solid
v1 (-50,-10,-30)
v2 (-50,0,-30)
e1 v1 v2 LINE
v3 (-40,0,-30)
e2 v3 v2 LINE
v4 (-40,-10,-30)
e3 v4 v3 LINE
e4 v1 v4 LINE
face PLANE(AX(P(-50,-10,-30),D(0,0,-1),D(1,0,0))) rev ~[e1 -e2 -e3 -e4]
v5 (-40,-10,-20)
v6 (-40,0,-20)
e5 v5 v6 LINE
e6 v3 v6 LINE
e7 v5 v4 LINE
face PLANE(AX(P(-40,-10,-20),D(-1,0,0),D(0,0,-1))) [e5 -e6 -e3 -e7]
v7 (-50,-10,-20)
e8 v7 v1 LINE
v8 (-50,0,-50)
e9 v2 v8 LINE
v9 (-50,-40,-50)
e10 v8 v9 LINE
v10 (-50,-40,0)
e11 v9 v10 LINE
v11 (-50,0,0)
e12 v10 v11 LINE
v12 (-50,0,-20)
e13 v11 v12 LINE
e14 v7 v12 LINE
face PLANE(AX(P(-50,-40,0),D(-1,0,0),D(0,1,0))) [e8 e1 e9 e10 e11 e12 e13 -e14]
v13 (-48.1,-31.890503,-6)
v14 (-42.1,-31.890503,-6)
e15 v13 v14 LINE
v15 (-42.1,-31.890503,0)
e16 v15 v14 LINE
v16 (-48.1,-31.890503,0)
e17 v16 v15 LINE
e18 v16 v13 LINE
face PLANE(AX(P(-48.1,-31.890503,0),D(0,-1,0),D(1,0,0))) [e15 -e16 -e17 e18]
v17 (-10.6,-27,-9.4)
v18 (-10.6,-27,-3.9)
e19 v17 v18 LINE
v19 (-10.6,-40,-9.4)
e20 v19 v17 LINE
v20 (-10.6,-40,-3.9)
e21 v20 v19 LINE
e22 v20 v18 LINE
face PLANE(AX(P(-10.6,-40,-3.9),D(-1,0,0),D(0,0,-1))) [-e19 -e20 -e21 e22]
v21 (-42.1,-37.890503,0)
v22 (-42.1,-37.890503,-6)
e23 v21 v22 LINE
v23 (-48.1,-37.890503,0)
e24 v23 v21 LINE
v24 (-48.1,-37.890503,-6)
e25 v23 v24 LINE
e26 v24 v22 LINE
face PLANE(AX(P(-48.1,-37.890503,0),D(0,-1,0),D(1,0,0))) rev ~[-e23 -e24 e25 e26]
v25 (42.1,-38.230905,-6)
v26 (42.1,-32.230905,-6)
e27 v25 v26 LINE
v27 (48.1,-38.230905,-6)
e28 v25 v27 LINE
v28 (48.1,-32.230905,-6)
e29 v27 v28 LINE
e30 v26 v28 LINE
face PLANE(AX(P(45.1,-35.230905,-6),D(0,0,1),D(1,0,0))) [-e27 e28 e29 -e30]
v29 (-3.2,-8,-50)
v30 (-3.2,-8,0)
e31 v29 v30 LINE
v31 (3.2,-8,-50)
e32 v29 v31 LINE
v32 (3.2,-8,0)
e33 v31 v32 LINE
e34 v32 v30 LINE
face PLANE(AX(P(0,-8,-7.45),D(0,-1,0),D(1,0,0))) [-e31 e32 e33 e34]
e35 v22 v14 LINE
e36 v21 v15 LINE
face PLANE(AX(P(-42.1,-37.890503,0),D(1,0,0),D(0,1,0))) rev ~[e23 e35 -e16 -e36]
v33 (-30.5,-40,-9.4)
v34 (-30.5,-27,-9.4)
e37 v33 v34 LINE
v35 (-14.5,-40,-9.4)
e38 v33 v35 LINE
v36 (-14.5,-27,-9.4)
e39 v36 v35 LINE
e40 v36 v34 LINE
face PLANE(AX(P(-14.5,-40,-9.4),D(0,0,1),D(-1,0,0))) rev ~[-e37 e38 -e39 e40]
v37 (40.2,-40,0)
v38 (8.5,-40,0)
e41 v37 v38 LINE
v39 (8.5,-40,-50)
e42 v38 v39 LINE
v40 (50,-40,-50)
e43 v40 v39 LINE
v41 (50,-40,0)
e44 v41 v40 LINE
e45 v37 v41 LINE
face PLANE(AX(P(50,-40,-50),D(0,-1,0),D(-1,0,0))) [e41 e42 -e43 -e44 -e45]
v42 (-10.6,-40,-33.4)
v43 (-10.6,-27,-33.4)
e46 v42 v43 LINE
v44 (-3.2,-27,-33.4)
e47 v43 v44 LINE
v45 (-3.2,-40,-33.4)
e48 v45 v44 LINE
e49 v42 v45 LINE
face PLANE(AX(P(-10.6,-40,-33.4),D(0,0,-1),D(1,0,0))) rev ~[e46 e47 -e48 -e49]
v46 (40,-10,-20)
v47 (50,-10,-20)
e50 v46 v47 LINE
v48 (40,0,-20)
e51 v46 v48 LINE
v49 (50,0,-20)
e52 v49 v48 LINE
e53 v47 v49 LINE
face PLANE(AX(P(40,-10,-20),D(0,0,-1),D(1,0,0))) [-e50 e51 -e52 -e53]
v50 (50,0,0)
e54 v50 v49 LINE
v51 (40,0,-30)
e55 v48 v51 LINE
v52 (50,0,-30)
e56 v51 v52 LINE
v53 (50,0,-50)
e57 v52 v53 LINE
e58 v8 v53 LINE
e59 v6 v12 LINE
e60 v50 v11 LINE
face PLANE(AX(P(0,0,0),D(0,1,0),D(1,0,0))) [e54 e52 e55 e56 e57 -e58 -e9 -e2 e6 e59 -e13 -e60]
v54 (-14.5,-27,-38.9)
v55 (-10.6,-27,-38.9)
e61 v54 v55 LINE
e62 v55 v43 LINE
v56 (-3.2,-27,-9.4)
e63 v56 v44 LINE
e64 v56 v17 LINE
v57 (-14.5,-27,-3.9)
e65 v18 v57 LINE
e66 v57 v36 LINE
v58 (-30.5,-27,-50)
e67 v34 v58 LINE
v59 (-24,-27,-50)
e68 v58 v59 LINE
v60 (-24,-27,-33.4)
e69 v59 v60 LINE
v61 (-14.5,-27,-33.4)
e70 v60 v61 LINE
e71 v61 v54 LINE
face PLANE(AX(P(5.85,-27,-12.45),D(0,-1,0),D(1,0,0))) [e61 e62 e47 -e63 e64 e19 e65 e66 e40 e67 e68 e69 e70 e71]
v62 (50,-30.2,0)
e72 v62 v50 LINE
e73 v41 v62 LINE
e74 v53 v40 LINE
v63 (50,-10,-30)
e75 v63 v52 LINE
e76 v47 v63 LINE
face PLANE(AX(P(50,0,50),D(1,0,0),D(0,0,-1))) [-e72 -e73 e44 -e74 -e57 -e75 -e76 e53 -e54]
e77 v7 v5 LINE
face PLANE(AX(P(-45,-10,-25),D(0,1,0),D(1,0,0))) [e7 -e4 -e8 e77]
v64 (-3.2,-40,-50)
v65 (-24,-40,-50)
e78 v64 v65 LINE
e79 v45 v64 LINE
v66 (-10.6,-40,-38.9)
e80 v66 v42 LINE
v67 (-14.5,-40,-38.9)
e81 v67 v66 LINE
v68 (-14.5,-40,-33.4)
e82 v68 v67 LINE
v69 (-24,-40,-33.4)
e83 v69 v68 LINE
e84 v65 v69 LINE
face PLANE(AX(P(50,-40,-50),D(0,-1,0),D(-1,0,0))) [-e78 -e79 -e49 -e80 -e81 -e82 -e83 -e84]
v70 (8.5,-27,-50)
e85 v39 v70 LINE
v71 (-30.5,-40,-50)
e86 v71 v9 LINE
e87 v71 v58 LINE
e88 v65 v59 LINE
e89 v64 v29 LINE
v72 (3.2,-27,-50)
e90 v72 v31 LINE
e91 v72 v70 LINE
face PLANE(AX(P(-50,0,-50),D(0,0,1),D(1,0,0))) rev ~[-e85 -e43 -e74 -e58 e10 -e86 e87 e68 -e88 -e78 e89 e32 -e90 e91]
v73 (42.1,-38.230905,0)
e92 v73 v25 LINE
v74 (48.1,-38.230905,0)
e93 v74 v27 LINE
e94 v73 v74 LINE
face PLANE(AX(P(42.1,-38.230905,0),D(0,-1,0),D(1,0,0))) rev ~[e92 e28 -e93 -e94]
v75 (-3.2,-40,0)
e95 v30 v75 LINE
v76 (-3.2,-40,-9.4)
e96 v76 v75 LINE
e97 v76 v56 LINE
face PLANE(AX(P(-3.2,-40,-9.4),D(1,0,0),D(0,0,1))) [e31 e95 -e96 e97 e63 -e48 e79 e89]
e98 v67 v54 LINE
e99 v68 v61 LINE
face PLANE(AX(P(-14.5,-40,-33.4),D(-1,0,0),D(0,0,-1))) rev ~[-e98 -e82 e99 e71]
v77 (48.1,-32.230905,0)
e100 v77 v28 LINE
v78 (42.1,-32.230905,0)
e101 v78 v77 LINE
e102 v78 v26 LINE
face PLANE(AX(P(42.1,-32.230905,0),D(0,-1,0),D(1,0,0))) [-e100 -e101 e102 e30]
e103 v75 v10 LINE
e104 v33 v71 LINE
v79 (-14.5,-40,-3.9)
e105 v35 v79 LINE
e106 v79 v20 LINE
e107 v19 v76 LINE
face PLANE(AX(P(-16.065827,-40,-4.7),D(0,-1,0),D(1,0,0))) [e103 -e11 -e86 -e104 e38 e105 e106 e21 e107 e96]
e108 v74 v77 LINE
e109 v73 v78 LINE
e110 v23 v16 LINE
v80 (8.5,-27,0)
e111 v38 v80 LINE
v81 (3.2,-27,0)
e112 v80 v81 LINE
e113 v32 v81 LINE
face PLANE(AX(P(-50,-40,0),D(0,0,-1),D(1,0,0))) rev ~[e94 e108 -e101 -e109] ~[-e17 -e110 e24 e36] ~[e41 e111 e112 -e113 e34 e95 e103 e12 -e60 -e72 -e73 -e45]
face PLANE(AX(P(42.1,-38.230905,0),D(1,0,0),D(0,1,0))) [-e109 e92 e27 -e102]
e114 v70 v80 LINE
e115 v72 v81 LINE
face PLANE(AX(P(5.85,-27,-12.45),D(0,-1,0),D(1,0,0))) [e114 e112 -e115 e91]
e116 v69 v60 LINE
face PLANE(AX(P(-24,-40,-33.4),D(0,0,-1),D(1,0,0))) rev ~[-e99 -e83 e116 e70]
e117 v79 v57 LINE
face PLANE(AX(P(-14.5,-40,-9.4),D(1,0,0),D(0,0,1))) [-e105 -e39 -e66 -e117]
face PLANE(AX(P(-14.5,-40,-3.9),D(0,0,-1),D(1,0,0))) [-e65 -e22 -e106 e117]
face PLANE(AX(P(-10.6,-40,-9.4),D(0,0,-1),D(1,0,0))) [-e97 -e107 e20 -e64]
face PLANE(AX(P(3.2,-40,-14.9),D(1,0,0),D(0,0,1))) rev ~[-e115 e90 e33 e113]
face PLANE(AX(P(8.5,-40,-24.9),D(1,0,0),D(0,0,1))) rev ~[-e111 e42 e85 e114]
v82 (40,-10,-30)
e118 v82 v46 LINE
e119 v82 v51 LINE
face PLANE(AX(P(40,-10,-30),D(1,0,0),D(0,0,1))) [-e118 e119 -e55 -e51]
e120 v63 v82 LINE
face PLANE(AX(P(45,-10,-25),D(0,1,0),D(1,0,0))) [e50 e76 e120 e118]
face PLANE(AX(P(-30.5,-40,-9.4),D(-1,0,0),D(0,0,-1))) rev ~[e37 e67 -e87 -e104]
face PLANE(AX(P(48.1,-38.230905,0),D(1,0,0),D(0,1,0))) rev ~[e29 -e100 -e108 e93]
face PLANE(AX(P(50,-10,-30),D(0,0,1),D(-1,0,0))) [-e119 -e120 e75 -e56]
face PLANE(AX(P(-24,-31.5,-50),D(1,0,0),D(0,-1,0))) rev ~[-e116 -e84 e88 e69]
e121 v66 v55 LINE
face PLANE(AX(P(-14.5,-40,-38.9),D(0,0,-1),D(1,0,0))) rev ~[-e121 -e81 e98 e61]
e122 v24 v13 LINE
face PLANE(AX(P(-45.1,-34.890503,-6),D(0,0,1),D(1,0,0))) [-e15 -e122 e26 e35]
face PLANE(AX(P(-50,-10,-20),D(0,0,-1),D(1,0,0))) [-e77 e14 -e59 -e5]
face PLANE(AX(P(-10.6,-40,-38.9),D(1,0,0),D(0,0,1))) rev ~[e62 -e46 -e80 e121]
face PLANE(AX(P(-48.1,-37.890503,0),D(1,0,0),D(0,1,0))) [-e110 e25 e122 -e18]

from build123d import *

# Parameters (mm, degrees)
SKETCH1_W                = 100
SKETCH1_H                = 100
BOSS_EXTRUDE1_DEPTH      = 50
BOSS_EXTRUDE4_DEPTH      = 50
BOSS_EXTRUDE4_2_DEPTH    = 50
SKETCH11_W               = 100
SKETCH11_H               = 50
CUT_EXTRUDE4_DEPTH       = 100
SKETCH13_W               = 100
SKETCH13_H               = 10
CUT_EXTRUDE5_DEPTH       = 50
SKETCH2_W                = 50
SKETCH2_H                = 50
CUT_EXTRUDE6_DEPTH       = 25
BOSS_EXTRUDE5_DEPTH      = 19.5
CUT_EXTRUDE7_DEPTH       = 12
CUT_EXTRUDE8_DEPTH       = 32
SKETCH27_W               = 6.4
SKETCH27_H               = 32
CUT_EXTRUDE9_DEPTH       = 29
SKETCH29_W               = 6
SKETCH29_H               = 3.5
CUT_EXTRUDE10_DEPTH      = 28
SKETCH30_W               = 100
SKETCH30_H               = 50
CUT_EXTRUDE11_DEPTH      = 45
SKETCH32_W               = 9.8
SKETCH32_H               = 9.8
BOSS_EXTRUDE6_DEPTH      = 9.8
CHAMFER1_SIZE            = 1
BOSS_EXTRUDE7_DEPTH      = 13
SKETCH34_3_W             = 9.7
SKETCH34_3_H             = 8.5
SKETCH34_3_W_2           = 0.5
SKETCH34_3_H_2           = 13.5
SKETCH34_3_H_3           = 16.6
SKETCH34_3_W_3           = 6
CUT_EXTRUDE12_DEPTH      = 13
CUT_EXTRUDE13_DEPTH      = 82.240384046
CUT_EXTRUDE13_DEPTH_BACK = 10
SKETCH36_W               = 10
SKETCH36_H               = 10
SKETCH37_W               = 9.8
SKETCH37_H               = 9.8
SKETCH37_H_2             = 10.048829857
CUT_EXTRUDE15_DEPTH      = 10
SKETCH38_W               = 6
SKETCH38_H               = 6
CUT_EXTRUDE16_DEPTH      = 6
SKETCH39_W               = 6.4
SKETCH39_H               = 16.6
CUT_EXTRUDE17_DEPTH      = 32
CUT_EXTRUDE18_DEPTH      = 13


with BuildPart() as part:
    # Sketch1 → Boss-Extrude1 (new body)
    with BuildSketch(Plane(origin=(0, 0, 0), x_dir=(1, 0, 0), z_dir=(0, 1, 0))):
        Rectangle(SKETCH1_W, SKETCH1_H)
    extrude(amount=-BOSS_EXTRUDE1_DEPTH)

    # Sketch13 → Cut-Extrude5 (cut)
    with BuildSketch(Plane(origin=(0, 0, -50), x_dir=(-1, 0, 0), z_dir=(0, 0, -1))):
        with Locations((0, -45)):
            Rectangle(SKETCH13_W, SKETCH13_H)
    extrude(amount=-CUT_EXTRUDE5_DEPTH, mode=Mode.SUBTRACT)

    # Sketch2 → Cut-Extrude6 (cut)
    with BuildSketch(Plane(origin=(0, 0, 0), x_dir=(1, 0, 0), z_dir=(0, 1, 0))):
        with Locations((-25, -25)):
            Rectangle(SKETCH2_W, SKETCH2_H)
        with Locations((25, -25)):
            Rectangle(SKETCH2_W, SKETCH2_H)
    extrude(amount=-CUT_EXTRUDE6_DEPTH, mode=Mode.SUBTRACT)

    # Sketch18 → Boss-Extrude5 (add)
    with BuildSketch(Plane(origin=(0, 0, 0), x_dir=(-1, 0, 0), z_dir=(0, 0, -1))):
        Polygon((50, -50), (50, -70), (30, -50), align=None)
        Polygon((-50, -50), (-50, -69.5), (-30.5, -50), align=None)
    extrude(amount=-BOSS_EXTRUDE5_DEPTH)

    # Sketch20 → Cut-Extrude7 (cut)
    with BuildSketch(Plane.XZ.offset(40)):
        Polygon((3.2, 0), (0, 0), (-30, 0), (-30, -22.9), (-14, -22.9), (-14, -27.9), (-11.1, -27.9), (-11.1, -22.9), (-7, -22.9), (-7, -14.9), (-2.8, -14.9), (3.2, -14.9), align=None)
    extrude(amount=-CUT_EXTRUDE7_DEPTH, mode=Mode.SUBTRACT)

    # Sketch21 → Cut-Extrude8 (cut)
    with BuildSketch(Plane.XZ.offset(40)):
        Polygon((3.2, 0), (0, 0), (-3.2, 0), (-3.2, -14.9), (3.2, -14.9), align=None)
    extrude(amount=-CUT_EXTRUDE8_DEPTH, mode=Mode.SUBTRACT)

    # Sketch27 → Cut-Extrude9 (cut)
    with BuildSketch(Plane(origin=(0, 0, 0), x_dir=(-1, 0, 0), z_dir=(0, 0, -1))):
        with Locations((0, -34)):
            Rectangle(SKETCH27_W, SKETCH27_H)
    extrude(amount=-CUT_EXTRUDE9_DEPTH, mode=Mode.SUBTRACT)

    # Sketch29 → Cut-Extrude10 (cut)
    with BuildSketch(Plane(origin=(0, 0, -50), x_dir=(-1, 0, 0), z_dir=(0, 0, -1))):
        Polygon((24, -34), (24, -36.5), (30, -36.5), (30, -31.5), (24, -31.5), align=None)
        with Locations((27, -38.25)):
            Rectangle(SKETCH29_W, SKETCH29_H)
    extrude(amount=-CUT_EXTRUDE10_DEPTH, mode=Mode.SUBTRACT)

    # Sketch30 → Cut-Extrude11 (cut)
    with BuildSketch(Plane(origin=(0, -25, 0), x_dir=(1, 0, 0), z_dir=(0, 1, 0))):
        with Locations((0, -25)):
            Rectangle(SKETCH30_W, SKETCH30_H)
    extrude(amount=-CUT_EXTRUDE11_DEPTH, mode=Mode.SUBTRACT)

    # Sketch32 → Boss-Extrude6 (add)
    with BuildSketch(Plane.XY):
        with Locations((-45.1, -35.1)):
            Rectangle(SKETCH32_W, SKETCH32_H)
        with Locations((45.1, -35.1)):
            Rectangle(SKETCH32_W, SKETCH32_H)
    extrude(amount=BOSS_EXTRUDE6_DEPTH)

    # Chamfer1
    chamfer1_edges = [part.edges().sort_by_distance(p)[0] for p in [
        (-40.2, -40, 4.9),
        (-40.2, -30.2, 4.9),
        (-40.2, -35.1, 9.8),
        (40.2, -30.2, 4.9),
        (40.2, -35.1, 9.8),
    ]]
    chamfer(chamfer1_edges, length=CHAMFER1_SIZE)

    # Sketch34 → Boss-Extrude7 (add)
    with BuildSketch(Plane.XZ.offset(40)):
        Polygon((-30, 0), (-30, -9.4), (-14.5, -9.4), (-14.5, -3.9), (-10.6, -3.9), (-10.6, -9.4), (-3.2, -9.4), (-3.2, 0), align=None)
    extrude(amount=-BOSS_EXTRUDE7_DEPTH)

    # Sketch34<3> → Cut-Extrude12 (cut)
    with BuildSketch(Plane.XZ.offset(40)):
        Polygon((3.2, -9.4), (3.2, -14.9), (3.2, -24.9), (8.5, -24.9), (8.5, 0), (3.2, 0), align=None)
        Polygon((-14, -27.9), (-11.1, -27.9), (-11.1, -22.9), (-7, -22.9), (-7, -14.9), (3.2, -14.9), (3.2, -9.4), (-3.2, -9.4), (-10.6, -9.4), (-10.6, -3.9), (-14.5, -3.9), (-14.5, -9.4), (-30, -9.4), (-30, -22.9), (-24, -22.9), (-14, -22.9), align=None)
        Polygon((-11.1, -22.9), (-11.1, -27.9), (-14, -27.9), (-14, -22.9), (-24, -22.9), (-24, -33.4), (-14.5, -33.4), (-14.5, -38.9), (-10.6, -38.9), (-10.6, -33.4), (-6.5, -33.4), (-6.5, -24.9), (3.2, -24.9), (3.2, -14.9), (-7, -14.9), (-7, -22.9), align=None)
        with Locations((-1.65, -29.15)):
            Rectangle(SKETCH34_3_W, SKETCH34_3_H)
        Polygon((-24, -33.4), (-24, -22.9), (-30, -22.9), (-30.5, -22.9), (-30.5, -33.4), (-30, -33.4), align=None)
        with Locations((-30.25, -16.15)):
            Rectangle(SKETCH34_3_W_2, SKETCH34_3_H_2)
        with Locations((-30.25, -41.7)):
            Rectangle(SKETCH34_3_W_2, SKETCH34_3_H_3)
        with Locations((-27, -41.7)):
            Rectangle(SKETCH34_3_W_3, SKETCH34_3_H_3)
    extrude(amount=-CUT_EXTRUDE12_DEPTH, mode=Mode.SUBTRACT)

    # Sketch36 → Cut-Extrude13 (cut, two sides: drawn at the far end of the back side and taken through both)
    with BuildSketch(Plane(origin=(0, 0, 0), x_dir=(1, 0, 0), z_dir=(0, 1, 0)).offset(-CUT_EXTRUDE13_DEPTH_BACK)):
        with Locations((-45, 25)):
            Rectangle(SKETCH36_W, SKETCH36_H)
        Polygon((50, 20), (50, 30), (40, 30), (40, 25), (40, 20), align=None)
    extrude(amount=CUT_EXTRUDE13_DEPTH + CUT_EXTRUDE13_DEPTH_BACK, mode=Mode.SUBTRACT)

    # Sketch37 → Cut-Extrude15 (cut)
    with BuildSketch(Plane.XZ.offset(40)):
        with Locations((-45.1, 4.9)):
            Rectangle(SKETCH37_W, SKETCH37_H)
        with Locations((45.1, 5.024414929)):
            Rectangle(SKETCH37_W, SKETCH37_H_2)
    extrude(amount=-CUT_EXTRUDE15_DEPTH, mode=Mode.SUBTRACT)

    # Sketch38 → Cut-Extrude16 (cut)
    with BuildSketch(Plane.XY):
        with Locations((-45.1, -34.890503426)):
            Rectangle(SKETCH38_W, SKETCH38_H)
        with Locations((45.1, -35.230904897)):
            Rectangle(SKETCH38_W, SKETCH38_H)
    extrude(amount=-CUT_EXTRUDE16_DEPTH, mode=Mode.SUBTRACT)

    # Sketch39 → Cut-Extrude17 (cut)
    with BuildSketch(Plane.XZ.offset(40)):
        with Locations((0, -41.7)):
            Rectangle(SKETCH39_W, SKETCH39_H)
        Polygon((3.2, -14.9), (-3.2, -14.9), (-3.2, -33.4), (3.2, -33.4), (3.2, -24.9), align=None)
    extrude(amount=-CUT_EXTRUDE17_DEPTH, mode=Mode.SUBTRACT)

    # Sketch34<4> → Cut-Extrude18 (cut)
    with BuildSketch(Plane.XZ.offset(40)):
        Polygon((8.5, -24.9), (3.2, -24.9), (3.2, -33.4), (3.2, -50), (8.5, -50), align=None)
    extrude(amount=-CUT_EXTRUDE18_DEPTH, mode=Mode.SUBTRACT)


with BuildPart() as body_2:
    # Sketch6 → Boss-Extrude4 (new body)
    with BuildSketch(Plane.XY.offset(50)):
        with BuildLine():
            Line((-1.9e-08, -50), (-50, -50))
            Line((-50, -50), (-50, -63.397459622))
            ThreePointArc((-50, -63.397459622), (-25.88190452, -53.407417374), (-1.9e-08, -50))
        make_face()
    extrude(amount=-BOSS_EXTRUDE4_DEPTH)


with BuildPart() as body_3:
    # Sketch6 → Boss-Extrude4 2 (new body)
    with BuildSketch(Plane.XY.offset(50)):
        with BuildLine():
            Line((50, -50), (-1.9e-08, -50))
            ThreePointArc((-1.9e-08, -50), (25.881904501, -53.407417369), (50, -63.397459622))
            Line((50, -63.397459622), (50, -50))
        make_face()
    extrude(amount=-BOSS_EXTRUDE4_2_DEPTH)


with BuildPart() as cut_extrude4_tool:
    # Sketch11 → Cut-Extrude4 (new body)
    with BuildSketch(Plane(origin=(0, -63.397459622, 0), x_dir=(-1, 0, 0), z_dir=(0, -1, 0))):
        with Locations((0, -25)):
            Rectangle(SKETCH11_W, SKETCH11_H)
    extrude(amount=-CUT_EXTRUDE4_DEPTH)


with BuildPart() as body_2_1:
    add(body_2.part)

    # Cut-Extrude4: cut by cut_extrude4_tool
    add(cut_extrude4_tool.part, mode=Mode.SUBTRACT)


with BuildPart() as body_3_1:
    add(body_3.part)

    # Cut-Extrude4: cut by cut_extrude4_tool
    add(cut_extrude4_tool.part, mode=Mode.SUBTRACT)


solid = part.part
